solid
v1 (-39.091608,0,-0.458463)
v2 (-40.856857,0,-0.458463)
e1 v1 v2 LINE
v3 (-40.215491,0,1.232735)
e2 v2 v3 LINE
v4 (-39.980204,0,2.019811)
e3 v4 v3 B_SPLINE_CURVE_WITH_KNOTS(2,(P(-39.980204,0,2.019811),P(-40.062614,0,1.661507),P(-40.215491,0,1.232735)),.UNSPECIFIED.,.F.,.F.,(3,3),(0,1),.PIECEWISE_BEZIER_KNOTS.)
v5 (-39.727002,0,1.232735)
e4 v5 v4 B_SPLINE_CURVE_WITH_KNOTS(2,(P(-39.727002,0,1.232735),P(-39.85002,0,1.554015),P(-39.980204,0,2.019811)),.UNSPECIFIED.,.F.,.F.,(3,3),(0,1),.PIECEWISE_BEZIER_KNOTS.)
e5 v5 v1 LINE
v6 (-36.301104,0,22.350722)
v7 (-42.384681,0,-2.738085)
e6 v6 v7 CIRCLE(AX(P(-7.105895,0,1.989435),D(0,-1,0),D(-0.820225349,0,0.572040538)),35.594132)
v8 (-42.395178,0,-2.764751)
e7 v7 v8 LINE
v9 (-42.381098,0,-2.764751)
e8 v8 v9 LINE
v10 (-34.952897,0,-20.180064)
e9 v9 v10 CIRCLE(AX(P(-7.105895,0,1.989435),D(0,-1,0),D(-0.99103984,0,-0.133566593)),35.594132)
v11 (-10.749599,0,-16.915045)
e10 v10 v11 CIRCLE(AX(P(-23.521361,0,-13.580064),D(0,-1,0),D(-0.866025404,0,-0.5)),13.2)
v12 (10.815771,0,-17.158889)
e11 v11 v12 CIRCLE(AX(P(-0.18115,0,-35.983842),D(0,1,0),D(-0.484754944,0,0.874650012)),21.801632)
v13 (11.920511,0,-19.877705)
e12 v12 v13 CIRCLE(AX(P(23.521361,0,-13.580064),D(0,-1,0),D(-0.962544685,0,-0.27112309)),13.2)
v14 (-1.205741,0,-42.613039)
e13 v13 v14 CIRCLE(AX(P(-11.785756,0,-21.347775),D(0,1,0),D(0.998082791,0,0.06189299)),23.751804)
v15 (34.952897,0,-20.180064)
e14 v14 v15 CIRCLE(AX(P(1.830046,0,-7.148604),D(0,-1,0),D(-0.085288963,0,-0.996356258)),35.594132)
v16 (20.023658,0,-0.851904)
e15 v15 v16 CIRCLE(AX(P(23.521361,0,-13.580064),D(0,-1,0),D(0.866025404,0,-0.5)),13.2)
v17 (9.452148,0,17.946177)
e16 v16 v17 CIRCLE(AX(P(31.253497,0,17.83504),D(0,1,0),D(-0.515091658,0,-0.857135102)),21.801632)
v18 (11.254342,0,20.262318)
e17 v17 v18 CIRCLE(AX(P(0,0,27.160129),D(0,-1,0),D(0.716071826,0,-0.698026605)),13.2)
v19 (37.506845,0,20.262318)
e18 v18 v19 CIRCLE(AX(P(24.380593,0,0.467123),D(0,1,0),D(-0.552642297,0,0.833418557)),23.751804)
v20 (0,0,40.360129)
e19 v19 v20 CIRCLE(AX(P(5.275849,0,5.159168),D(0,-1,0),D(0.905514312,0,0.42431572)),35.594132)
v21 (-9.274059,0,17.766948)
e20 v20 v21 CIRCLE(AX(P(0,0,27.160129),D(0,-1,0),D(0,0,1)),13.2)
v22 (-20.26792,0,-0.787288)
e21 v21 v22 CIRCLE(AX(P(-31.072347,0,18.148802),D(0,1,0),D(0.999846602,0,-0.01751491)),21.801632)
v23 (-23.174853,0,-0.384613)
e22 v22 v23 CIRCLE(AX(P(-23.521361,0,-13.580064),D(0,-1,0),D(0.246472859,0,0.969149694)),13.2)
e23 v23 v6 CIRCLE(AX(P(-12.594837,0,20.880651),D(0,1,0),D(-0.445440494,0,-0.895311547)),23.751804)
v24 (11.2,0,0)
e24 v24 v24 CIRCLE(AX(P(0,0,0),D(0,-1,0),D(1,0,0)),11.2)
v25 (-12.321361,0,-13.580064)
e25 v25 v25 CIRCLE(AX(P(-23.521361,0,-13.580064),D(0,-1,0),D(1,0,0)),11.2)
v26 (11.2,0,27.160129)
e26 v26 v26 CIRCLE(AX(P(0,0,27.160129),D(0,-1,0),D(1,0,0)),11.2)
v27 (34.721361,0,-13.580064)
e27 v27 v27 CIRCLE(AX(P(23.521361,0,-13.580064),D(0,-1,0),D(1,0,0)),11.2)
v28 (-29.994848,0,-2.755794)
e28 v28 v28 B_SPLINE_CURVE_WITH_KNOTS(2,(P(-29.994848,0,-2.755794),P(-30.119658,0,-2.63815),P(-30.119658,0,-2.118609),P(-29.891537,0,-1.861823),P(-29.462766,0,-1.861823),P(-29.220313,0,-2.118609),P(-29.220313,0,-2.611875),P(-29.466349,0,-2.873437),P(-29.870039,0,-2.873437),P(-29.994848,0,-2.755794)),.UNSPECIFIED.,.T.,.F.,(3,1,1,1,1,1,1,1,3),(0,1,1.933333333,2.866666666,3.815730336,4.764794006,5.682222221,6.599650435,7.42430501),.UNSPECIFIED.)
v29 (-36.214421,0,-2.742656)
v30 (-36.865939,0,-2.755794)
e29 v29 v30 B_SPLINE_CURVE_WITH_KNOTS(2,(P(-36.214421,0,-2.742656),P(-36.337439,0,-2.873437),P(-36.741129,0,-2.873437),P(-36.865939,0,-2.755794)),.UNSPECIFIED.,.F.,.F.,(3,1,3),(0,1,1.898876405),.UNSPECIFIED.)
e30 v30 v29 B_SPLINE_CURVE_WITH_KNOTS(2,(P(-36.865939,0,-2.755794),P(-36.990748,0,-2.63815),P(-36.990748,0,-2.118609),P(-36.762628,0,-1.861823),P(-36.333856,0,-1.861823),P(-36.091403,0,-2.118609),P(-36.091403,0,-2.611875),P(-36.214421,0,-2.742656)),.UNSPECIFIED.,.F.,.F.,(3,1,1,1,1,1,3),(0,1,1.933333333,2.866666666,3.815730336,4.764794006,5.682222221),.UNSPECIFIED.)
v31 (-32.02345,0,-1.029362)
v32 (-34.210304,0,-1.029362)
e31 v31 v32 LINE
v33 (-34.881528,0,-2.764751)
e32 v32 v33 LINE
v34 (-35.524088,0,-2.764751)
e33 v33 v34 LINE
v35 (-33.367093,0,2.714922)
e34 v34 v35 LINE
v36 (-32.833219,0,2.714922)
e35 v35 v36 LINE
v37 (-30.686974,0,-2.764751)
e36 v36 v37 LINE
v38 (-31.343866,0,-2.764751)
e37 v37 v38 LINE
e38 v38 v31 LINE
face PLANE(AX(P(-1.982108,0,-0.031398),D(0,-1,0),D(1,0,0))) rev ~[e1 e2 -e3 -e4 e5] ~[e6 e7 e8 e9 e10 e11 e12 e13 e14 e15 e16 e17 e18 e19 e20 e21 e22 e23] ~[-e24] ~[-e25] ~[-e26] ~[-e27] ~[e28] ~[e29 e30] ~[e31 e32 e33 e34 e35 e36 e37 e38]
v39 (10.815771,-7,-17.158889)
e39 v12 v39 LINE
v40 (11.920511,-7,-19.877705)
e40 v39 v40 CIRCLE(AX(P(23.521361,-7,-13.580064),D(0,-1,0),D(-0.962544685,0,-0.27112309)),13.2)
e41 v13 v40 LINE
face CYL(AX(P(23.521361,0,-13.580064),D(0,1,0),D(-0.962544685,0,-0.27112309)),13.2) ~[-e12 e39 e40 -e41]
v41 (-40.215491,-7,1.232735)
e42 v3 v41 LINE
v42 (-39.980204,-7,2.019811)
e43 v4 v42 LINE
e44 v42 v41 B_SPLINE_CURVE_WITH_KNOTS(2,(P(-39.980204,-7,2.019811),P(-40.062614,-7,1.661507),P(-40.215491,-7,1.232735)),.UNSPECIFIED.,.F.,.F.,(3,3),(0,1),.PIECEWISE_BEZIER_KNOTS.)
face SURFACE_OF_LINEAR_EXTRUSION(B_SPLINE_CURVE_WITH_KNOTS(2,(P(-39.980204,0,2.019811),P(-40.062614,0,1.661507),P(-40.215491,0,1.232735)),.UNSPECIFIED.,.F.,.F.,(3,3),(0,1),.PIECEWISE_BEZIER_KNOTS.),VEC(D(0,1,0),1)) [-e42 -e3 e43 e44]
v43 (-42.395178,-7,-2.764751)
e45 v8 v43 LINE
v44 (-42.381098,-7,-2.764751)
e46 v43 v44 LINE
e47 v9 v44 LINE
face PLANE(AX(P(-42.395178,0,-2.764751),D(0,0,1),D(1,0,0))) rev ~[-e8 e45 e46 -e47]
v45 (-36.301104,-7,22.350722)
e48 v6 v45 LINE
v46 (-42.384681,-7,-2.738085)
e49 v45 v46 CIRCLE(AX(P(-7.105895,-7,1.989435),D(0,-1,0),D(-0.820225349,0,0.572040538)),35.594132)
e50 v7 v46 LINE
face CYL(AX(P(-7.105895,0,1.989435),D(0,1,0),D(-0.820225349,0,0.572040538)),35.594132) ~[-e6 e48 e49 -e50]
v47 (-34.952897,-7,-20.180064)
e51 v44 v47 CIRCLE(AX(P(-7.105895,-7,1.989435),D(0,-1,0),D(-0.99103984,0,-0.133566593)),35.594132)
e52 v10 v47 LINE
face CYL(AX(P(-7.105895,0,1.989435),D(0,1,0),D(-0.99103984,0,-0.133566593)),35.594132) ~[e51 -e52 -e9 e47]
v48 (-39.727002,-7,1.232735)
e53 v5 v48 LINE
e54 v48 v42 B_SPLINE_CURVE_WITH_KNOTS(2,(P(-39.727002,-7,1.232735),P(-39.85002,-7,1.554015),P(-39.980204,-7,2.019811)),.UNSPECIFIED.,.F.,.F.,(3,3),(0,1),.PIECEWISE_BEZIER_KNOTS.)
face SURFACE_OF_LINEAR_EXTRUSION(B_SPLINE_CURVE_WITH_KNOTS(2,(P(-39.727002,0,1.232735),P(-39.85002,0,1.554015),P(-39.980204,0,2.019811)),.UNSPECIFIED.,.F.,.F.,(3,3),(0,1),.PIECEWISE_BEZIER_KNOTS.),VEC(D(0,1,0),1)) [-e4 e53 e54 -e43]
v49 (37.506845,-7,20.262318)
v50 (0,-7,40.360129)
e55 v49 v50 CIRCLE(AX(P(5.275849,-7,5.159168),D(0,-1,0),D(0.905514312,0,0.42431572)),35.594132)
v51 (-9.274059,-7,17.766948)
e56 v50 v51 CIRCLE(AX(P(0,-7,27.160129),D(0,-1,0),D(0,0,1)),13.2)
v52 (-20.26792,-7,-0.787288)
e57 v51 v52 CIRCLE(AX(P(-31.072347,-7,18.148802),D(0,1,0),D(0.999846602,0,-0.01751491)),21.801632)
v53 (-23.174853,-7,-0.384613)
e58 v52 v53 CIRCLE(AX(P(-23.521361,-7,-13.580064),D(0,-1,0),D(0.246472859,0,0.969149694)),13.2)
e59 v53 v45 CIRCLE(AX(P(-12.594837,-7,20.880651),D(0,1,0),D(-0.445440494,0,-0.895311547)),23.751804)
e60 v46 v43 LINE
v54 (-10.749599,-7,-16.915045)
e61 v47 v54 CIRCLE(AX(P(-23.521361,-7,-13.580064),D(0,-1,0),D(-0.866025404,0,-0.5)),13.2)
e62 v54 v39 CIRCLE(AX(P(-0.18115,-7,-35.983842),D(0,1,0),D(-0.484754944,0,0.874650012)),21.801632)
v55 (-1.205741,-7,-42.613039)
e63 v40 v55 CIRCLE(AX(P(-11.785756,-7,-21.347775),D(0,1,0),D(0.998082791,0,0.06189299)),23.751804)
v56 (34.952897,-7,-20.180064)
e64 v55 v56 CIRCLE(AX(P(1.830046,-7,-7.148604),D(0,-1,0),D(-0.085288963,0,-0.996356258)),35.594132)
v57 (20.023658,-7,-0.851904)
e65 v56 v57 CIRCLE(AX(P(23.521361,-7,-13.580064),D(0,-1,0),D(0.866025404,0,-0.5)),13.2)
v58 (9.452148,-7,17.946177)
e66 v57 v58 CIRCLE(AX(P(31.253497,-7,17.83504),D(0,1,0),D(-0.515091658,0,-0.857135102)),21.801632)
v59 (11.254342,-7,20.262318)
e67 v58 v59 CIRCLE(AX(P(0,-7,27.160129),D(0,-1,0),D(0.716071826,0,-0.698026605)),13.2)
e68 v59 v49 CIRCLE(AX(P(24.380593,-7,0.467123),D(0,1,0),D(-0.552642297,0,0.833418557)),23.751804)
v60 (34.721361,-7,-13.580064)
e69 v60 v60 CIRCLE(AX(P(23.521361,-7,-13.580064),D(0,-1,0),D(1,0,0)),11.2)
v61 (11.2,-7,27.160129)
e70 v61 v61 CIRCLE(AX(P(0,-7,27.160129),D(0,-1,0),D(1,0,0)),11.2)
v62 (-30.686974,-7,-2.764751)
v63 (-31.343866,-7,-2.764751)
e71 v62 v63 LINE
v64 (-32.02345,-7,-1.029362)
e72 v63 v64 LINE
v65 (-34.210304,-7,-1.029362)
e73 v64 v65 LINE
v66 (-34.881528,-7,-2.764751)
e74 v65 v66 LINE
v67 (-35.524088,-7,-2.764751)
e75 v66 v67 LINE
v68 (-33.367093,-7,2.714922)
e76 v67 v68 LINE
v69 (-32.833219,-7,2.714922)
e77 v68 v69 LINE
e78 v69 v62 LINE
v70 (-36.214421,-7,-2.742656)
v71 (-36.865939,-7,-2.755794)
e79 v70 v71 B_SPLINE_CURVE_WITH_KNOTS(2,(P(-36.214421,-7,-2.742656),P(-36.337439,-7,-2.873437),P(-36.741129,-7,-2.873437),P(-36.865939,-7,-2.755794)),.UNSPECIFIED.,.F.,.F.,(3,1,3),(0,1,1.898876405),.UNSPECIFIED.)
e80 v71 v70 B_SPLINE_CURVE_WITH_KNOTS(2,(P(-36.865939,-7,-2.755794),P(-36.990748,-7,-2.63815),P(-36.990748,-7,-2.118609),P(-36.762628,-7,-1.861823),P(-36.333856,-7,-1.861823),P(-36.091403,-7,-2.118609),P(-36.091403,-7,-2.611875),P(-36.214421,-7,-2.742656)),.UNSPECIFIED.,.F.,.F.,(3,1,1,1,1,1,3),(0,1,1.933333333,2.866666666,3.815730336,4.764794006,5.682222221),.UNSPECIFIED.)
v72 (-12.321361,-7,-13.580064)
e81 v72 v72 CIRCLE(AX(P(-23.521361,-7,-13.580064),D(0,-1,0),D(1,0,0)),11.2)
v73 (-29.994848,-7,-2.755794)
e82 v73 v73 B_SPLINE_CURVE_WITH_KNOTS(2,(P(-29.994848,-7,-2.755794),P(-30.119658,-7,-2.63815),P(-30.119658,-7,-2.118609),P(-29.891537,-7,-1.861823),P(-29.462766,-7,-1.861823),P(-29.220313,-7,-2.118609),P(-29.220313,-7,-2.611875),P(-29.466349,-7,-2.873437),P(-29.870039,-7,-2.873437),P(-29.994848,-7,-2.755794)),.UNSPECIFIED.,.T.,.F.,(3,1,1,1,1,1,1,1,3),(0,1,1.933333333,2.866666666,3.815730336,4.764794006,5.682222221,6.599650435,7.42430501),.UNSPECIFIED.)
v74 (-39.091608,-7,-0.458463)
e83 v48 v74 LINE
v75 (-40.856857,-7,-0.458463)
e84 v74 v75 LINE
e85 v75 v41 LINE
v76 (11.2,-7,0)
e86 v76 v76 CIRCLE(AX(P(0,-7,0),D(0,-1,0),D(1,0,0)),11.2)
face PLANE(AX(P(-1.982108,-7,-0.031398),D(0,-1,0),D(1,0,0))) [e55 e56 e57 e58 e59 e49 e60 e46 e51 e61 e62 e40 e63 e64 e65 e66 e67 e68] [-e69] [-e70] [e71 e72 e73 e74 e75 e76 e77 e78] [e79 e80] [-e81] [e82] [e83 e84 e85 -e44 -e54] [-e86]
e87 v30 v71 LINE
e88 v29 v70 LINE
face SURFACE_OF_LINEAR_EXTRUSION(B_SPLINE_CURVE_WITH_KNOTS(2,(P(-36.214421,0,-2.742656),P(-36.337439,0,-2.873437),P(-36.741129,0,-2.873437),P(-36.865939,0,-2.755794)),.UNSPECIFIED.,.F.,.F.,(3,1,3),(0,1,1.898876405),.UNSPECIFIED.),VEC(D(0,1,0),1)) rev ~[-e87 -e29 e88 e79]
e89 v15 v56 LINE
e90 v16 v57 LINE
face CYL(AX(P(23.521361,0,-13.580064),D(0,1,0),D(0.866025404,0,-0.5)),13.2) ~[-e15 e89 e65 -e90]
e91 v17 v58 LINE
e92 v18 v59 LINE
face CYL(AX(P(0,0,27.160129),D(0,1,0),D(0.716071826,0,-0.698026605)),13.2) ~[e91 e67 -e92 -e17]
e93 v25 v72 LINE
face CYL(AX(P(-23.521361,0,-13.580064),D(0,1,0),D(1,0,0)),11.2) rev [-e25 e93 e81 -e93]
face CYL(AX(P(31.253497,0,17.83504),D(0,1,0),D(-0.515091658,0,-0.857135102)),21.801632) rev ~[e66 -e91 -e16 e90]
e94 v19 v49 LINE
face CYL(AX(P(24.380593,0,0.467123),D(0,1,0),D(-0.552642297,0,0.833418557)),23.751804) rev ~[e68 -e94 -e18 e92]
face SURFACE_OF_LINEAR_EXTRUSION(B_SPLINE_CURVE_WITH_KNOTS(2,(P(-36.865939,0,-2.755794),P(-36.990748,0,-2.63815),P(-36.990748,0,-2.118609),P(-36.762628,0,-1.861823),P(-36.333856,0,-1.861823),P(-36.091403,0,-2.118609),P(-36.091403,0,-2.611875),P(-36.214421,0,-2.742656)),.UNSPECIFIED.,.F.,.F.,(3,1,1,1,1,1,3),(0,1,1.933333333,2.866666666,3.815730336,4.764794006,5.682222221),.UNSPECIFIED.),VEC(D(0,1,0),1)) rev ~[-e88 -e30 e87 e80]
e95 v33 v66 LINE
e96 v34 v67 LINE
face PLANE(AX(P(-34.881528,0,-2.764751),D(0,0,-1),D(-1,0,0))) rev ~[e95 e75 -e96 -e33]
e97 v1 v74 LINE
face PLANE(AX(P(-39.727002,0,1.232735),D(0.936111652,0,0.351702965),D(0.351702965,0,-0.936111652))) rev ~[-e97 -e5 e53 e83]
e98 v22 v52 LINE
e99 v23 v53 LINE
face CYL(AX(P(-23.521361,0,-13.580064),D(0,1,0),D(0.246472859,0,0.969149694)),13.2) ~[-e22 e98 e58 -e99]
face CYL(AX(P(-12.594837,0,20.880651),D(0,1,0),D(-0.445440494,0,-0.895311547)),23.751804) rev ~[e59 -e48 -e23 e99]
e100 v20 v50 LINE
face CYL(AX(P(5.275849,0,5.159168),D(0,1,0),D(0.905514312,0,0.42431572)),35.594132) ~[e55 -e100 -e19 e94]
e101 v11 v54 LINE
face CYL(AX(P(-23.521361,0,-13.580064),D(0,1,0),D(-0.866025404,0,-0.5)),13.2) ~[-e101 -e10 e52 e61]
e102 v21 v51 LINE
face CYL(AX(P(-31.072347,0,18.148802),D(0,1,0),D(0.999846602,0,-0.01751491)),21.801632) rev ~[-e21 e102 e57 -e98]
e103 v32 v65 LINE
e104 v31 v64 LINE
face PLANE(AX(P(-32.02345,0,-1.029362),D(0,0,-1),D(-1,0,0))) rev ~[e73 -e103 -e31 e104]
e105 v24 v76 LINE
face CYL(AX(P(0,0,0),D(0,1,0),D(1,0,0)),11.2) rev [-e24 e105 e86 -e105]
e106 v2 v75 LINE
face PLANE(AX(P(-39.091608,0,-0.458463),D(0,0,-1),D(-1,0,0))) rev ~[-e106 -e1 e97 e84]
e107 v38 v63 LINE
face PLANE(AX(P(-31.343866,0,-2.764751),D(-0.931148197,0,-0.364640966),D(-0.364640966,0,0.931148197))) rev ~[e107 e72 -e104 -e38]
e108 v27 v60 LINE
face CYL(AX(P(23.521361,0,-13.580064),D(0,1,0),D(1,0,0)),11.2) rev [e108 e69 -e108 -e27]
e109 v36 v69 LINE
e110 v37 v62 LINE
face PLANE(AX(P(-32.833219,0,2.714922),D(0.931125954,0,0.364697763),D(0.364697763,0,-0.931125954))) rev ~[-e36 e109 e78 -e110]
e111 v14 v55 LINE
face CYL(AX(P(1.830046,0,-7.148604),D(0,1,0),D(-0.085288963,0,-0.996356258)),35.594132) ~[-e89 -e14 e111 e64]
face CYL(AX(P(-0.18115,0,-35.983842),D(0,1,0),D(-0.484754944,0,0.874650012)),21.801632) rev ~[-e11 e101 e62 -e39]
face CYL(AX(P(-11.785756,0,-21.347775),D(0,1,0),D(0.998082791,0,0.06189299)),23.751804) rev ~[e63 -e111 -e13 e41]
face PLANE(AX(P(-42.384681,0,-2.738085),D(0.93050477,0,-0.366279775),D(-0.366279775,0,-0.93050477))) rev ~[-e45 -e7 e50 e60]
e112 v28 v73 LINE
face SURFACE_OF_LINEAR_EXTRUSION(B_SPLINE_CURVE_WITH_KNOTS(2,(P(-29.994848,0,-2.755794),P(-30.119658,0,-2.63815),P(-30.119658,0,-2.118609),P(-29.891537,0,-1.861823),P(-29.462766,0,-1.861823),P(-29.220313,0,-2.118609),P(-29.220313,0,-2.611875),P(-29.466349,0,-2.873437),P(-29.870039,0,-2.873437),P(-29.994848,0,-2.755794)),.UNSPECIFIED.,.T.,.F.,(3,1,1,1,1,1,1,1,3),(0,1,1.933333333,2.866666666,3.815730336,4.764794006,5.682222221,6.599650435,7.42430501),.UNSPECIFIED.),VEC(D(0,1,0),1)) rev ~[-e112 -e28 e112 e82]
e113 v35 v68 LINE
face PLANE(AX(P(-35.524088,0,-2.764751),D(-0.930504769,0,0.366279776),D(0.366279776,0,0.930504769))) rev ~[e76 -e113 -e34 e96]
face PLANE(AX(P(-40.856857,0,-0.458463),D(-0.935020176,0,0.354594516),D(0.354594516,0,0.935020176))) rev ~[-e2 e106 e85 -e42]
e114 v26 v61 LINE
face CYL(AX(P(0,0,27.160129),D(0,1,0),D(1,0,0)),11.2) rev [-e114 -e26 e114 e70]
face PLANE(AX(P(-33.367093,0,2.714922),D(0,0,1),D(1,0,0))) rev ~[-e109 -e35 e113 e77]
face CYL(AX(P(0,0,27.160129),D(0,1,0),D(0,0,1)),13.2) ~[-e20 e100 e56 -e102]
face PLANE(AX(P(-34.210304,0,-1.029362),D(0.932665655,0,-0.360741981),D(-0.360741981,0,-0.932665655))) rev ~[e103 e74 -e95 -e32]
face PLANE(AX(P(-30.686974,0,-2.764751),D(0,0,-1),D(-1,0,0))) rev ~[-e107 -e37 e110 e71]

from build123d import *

# Parameters (mm, degrees)
F0_R     = 11.2
F1_DEPTH = 7


with BuildPart() as f1:
    # F0 (on Front) → F1 (new body)
    with BuildSketch(Plane.XZ):
        with BuildLine():
            ThreePointArc((20.0236580718, -0.8519036997), (12.2506865161, 7.1483964876), (9.4521480978, 17.9461773991))
            ThreePointArc((9.4521480978, 17.9461773991), (10.4178119451, 19.0540077876), (11.25434163, 20.262317732))
            ThreePointArc((11.25434163, 20.262317732), (24.3805932392, 24.2189275402), (37.5068448484, 20.262317732))
            ThreePointArc((37.5068448484, 20.262317732), (22.0873179356, 36.5329904235), (0, 40.3601285785))
            ThreePointArc((0, 40.3601285785), (-12.2112648431, 32.172614083), (-9.2740587904, 17.7669484168))
            ThreePointArc((-9.2740587904, 17.7669484168), (-12.3160362126, 7.035207493), (-20.2679195774, -0.7872883265))
            ThreePointArc((-20.2679195774, -0.7872883265), (-21.7101607605, -0.5049140975), (-23.1748527104, -0.3846131115))
            ThreePointArc((-23.1748527104, -0.3846131115), (-33.1645031218, 9.0047493344), (-36.3011043196, 22.3507215885))
            ThreePointArc((-36.3011043196, 22.3507215885), (-41.6976005233, 10.37729176), (-42.3846814515, -2.738085205))
            Line((-42.3846814515, -2.738085205), (-40.2381836642, 2.7149224629))
            Line((-40.2381836642, 2.7149224629), (-39.7043095942, 2.7149224629))
            Line((-39.7043095942, 2.7149224629), (-37.5580641721, -2.7647514362))
            Line((-37.5580641721, -2.7647514362), (-38.2149562045, -2.7647514362))
            Line((-38.2149562045, -2.7647514362), (-38.8945408707, -1.0293621216))
            Line((-38.8945408707, -1.0293621216), (-41.0813941639, -1.0293621216))
            Line((-41.0813941639, -1.0293621216), (-41.752618386, -2.7647514362))
            Line((-41.752618386, -2.7647514362), (-42.3810977929, -2.7647514362))
            ThreePointArc((-42.3810977929, -2.7647514362), (-39.846182945, -11.9753691829), (-34.952896649, -20.1800642893))
            ThreePointArc((-34.952896649, -20.1800642893), (-21.7566686805, -26.6615726079), (-10.7495992814, -16.9150447171))
            ThreePointArc((-10.7495992814, -16.9150447171), (0.0653496965, -14.1836039805), (10.8157714796, -17.1588890726))
            ThreePointArc((10.8157714796, -17.1588890726), (11.2923488154, -18.5490936901), (11.9205110804, -19.8777046204))
            ThreePointArc((11.9205110804, -19.8777046204), (8.7839098826, -33.2236768746), (-1.2057405288, -42.6130393205))
            ThreePointArc((-1.2057405288, -42.6130393205), (20.5948388151, -37.3946736454), (34.952896649, -20.1800642893))
            ThreePointArc((34.952896649, -20.1800642893), (33.9679335236, -5.511041475), (20.0236580718, -0.8519036997))
        make_face()
        with Locations((-23.5213613191, -13.5800642893)):
            Circle(F0_R, mode=Mode.SUBTRACT)
        with BuildLine():
            add(Edge.make_bspline(
                [(-36.8659388398, -2.7557938176), (-36.990748326, -2.6381504263), (-36.990748326, -2.3694218676)],
                knots=[0, 0, 0, 1, 1, 1], degree=2))
            add(Edge.make_bspline(
                [(-36.990748326, -2.3694218676), (-36.990748326, -2.1186085462), (-36.8766879822, -1.9902160126)],
                knots=[0, 0, 0, 1, 1, 1], degree=2))
            add(Edge.make_bspline(
                [(-36.8766879822, -1.9902160126), (-36.7626276384, -1.861823479), (-36.5500334897, -1.861823479)],
                knots=[0, 0, 0, 1, 1, 1], degree=2))
            add(Edge.make_bspline(
                [(-36.5500334897, -1.861823479), (-36.3338562936, -1.861823479), (-36.2126298549, -1.9902160126)],
                knots=[0, 0, 0, 1, 1, 1], degree=2))
            add(Edge.make_bspline(
                [(-36.2126298549, -1.9902160126), (-36.0914034162, -2.1186085462), (-36.0914034162, -2.3694218676)],
                knots=[0, 0, 0, 1, 1, 1], degree=2))
            add(Edge.make_bspline(
                [(-36.0914034162, -2.3694218676), (-36.0914034162, -2.611874745), (-36.2144213786, -2.7426559769)],
                knots=[0, 0, 0, 1, 1, 1], degree=2))
            add(Edge.make_bspline(
                [(-36.2144213786, -2.7426559769), (-36.3374393411, -2.8734372088), (-36.5500334897, -2.8734372088)],
                knots=[0, 0, 0, 1, 1, 1], degree=2))
            add(Edge.make_bspline(
                [(-36.5500334897, -2.8734372088), (-36.7411293537, -2.8734372088), (-36.8659388398, -2.7557938176)],
                knots=[0, 0, 0, 1, 1, 1], degree=2))
        make_face(mode=Mode.SUBTRACT)
        with BuildLine():
            add(Edge.make_bspline(
                [(-29.9948481813, -2.7557938176), (-30.1196576675, -2.6381504263), (-30.1196576675, -2.3694218676)],
                knots=[0, 0, 0, 1, 1, 1], degree=2))
            add(Edge.make_bspline(
                [(-30.1196576675, -2.3694218676), (-30.1196576675, -2.1186085462), (-30.0055973237, -1.9902160126)],
                knots=[0, 0, 0, 1, 1, 1], degree=2))
            add(Edge.make_bspline(
                [(-30.0055973237, -1.9902160126), (-29.8915369799, -1.861823479), (-29.6789428312, -1.861823479)],
                knots=[0, 0, 0, 1, 1, 1], degree=2))
            add(Edge.make_bspline(
                [(-29.6789428312, -1.861823479), (-29.4627656351, -1.861823479), (-29.3415391964, -1.9902160126)],
                knots=[0, 0, 0, 1, 1, 1], degree=2))
            add(Edge.make_bspline(
                [(-29.3415391964, -1.9902160126), (-29.2203127577, -2.1186085462), (-29.2203127577, -2.3694218676)],
                knots=[0, 0, 0, 1, 1, 1], degree=2))
            add(Edge.make_bspline(
                [(-29.2203127577, -2.3694218676), (-29.2203127577, -2.611874745), (-29.3433307201, -2.7426559769)],
                knots=[0, 0, 0, 1, 1, 1], degree=2))
            add(Edge.make_bspline(
                [(-29.3433307201, -2.7426559769), (-29.4663486825, -2.8734372088), (-29.6789428312, -2.8734372088)],
                knots=[0, 0, 0, 1, 1, 1], degree=2))
            add(Edge.make_bspline(
                [(-29.6789428312, -2.8734372088), (-29.8700386952, -2.8734372088), (-29.9948481813, -2.7557938176)],
                knots=[0, 0, 0, 1, 1, 1], degree=2))
        make_face(mode=Mode.SUBTRACT)
        with Locations((23.5213613191, -13.5800642893)):
            Circle(F0_R, mode=Mode.SUBTRACT)
        Polygon((-30.6869735136, -2.7647514362), (-31.343865546, -2.7647514362), (-32.0234502122, -1.0293621216), (-34.2103035054, -1.0293621216), (-34.8815277275, -2.7647514362), (-35.5240875701, -2.7647514362), (-33.3670930056, 2.7149224629), (-32.8332189357, 2.7149224629), align=None, mode=Mode.SUBTRACT)
        Circle(F0_R, mode=Mode.SUBTRACT)
        with Locations((0, 27.1601285785)):
            Circle(F0_R, mode=Mode.SUBTRACT)
        with BuildLine():
            Line((-40.2381836642, 2.7149224629), (-42.3846814515, -2.738085205))
            ThreePointArc((-42.3846814515, -2.738085205), (-42.3828921419, -2.7514186592), (-42.3810977929, -2.7647514362))
            Line((-42.3810977929, -2.7647514362), (-41.752618386, -2.7647514362))
            Line((-41.752618386, -2.7647514362), (-41.0813941639, -1.0293621216))
            Line((-41.0813941639, -1.0293621216), (-38.8945408707, -1.0293621216))
            Line((-38.8945408707, -1.0293621216), (-38.2149562045, -2.7647514362))
            Line((-38.2149562045, -2.7647514362), (-37.5580641721, -2.7647514362))
            Line((-37.5580641721, -2.7647514362), (-39.7043095942, 2.7149224629))
            Line((-39.7043095942, 2.7149224629), (-40.2381836642, 2.7149224629))
        make_face()
        with BuildLine():
            Line((-39.7270022281, 1.232735168), (-39.0916084804, -0.458463228))
            Line((-39.0916084804, -0.458463228), (-40.8568565237, -0.458463228))
            Line((-40.8568565237, -0.458463228), (-40.2154910303, 1.232735168))
            add(Edge.make_bspline(
                [(-39.9802042478, 2.0198112577), (-40.0626143391, 1.6615065128), (-40.2154910303, 1.232735168)],
                knots=[0, 0, 0, 1, 1, 1], degree=2))
            add(Edge.make_bspline(
                [(-39.7270022281, 1.232735168), (-39.8500201905, 1.5540150893), (-39.9802042478, 2.0198112577)],
                knots=[0, 0, 0, 1, 1, 1], degree=2))
        make_face(mode=Mode.SUBTRACT)
        with BuildLine():
            ThreePointArc((-42.3810977929, -2.7647514362), (-42.3828921419, -2.7514186592), (-42.3846814515, -2.738085205))
            Line((-42.3846814515, -2.738085205), (-42.3951782286, -2.7647514362))
            Line((-42.3951782286, -2.7647514362), (-42.3810977929, -2.7647514362))
        make_face()
    extrude(amount=F1_DEPTH)


solid = f1.part
